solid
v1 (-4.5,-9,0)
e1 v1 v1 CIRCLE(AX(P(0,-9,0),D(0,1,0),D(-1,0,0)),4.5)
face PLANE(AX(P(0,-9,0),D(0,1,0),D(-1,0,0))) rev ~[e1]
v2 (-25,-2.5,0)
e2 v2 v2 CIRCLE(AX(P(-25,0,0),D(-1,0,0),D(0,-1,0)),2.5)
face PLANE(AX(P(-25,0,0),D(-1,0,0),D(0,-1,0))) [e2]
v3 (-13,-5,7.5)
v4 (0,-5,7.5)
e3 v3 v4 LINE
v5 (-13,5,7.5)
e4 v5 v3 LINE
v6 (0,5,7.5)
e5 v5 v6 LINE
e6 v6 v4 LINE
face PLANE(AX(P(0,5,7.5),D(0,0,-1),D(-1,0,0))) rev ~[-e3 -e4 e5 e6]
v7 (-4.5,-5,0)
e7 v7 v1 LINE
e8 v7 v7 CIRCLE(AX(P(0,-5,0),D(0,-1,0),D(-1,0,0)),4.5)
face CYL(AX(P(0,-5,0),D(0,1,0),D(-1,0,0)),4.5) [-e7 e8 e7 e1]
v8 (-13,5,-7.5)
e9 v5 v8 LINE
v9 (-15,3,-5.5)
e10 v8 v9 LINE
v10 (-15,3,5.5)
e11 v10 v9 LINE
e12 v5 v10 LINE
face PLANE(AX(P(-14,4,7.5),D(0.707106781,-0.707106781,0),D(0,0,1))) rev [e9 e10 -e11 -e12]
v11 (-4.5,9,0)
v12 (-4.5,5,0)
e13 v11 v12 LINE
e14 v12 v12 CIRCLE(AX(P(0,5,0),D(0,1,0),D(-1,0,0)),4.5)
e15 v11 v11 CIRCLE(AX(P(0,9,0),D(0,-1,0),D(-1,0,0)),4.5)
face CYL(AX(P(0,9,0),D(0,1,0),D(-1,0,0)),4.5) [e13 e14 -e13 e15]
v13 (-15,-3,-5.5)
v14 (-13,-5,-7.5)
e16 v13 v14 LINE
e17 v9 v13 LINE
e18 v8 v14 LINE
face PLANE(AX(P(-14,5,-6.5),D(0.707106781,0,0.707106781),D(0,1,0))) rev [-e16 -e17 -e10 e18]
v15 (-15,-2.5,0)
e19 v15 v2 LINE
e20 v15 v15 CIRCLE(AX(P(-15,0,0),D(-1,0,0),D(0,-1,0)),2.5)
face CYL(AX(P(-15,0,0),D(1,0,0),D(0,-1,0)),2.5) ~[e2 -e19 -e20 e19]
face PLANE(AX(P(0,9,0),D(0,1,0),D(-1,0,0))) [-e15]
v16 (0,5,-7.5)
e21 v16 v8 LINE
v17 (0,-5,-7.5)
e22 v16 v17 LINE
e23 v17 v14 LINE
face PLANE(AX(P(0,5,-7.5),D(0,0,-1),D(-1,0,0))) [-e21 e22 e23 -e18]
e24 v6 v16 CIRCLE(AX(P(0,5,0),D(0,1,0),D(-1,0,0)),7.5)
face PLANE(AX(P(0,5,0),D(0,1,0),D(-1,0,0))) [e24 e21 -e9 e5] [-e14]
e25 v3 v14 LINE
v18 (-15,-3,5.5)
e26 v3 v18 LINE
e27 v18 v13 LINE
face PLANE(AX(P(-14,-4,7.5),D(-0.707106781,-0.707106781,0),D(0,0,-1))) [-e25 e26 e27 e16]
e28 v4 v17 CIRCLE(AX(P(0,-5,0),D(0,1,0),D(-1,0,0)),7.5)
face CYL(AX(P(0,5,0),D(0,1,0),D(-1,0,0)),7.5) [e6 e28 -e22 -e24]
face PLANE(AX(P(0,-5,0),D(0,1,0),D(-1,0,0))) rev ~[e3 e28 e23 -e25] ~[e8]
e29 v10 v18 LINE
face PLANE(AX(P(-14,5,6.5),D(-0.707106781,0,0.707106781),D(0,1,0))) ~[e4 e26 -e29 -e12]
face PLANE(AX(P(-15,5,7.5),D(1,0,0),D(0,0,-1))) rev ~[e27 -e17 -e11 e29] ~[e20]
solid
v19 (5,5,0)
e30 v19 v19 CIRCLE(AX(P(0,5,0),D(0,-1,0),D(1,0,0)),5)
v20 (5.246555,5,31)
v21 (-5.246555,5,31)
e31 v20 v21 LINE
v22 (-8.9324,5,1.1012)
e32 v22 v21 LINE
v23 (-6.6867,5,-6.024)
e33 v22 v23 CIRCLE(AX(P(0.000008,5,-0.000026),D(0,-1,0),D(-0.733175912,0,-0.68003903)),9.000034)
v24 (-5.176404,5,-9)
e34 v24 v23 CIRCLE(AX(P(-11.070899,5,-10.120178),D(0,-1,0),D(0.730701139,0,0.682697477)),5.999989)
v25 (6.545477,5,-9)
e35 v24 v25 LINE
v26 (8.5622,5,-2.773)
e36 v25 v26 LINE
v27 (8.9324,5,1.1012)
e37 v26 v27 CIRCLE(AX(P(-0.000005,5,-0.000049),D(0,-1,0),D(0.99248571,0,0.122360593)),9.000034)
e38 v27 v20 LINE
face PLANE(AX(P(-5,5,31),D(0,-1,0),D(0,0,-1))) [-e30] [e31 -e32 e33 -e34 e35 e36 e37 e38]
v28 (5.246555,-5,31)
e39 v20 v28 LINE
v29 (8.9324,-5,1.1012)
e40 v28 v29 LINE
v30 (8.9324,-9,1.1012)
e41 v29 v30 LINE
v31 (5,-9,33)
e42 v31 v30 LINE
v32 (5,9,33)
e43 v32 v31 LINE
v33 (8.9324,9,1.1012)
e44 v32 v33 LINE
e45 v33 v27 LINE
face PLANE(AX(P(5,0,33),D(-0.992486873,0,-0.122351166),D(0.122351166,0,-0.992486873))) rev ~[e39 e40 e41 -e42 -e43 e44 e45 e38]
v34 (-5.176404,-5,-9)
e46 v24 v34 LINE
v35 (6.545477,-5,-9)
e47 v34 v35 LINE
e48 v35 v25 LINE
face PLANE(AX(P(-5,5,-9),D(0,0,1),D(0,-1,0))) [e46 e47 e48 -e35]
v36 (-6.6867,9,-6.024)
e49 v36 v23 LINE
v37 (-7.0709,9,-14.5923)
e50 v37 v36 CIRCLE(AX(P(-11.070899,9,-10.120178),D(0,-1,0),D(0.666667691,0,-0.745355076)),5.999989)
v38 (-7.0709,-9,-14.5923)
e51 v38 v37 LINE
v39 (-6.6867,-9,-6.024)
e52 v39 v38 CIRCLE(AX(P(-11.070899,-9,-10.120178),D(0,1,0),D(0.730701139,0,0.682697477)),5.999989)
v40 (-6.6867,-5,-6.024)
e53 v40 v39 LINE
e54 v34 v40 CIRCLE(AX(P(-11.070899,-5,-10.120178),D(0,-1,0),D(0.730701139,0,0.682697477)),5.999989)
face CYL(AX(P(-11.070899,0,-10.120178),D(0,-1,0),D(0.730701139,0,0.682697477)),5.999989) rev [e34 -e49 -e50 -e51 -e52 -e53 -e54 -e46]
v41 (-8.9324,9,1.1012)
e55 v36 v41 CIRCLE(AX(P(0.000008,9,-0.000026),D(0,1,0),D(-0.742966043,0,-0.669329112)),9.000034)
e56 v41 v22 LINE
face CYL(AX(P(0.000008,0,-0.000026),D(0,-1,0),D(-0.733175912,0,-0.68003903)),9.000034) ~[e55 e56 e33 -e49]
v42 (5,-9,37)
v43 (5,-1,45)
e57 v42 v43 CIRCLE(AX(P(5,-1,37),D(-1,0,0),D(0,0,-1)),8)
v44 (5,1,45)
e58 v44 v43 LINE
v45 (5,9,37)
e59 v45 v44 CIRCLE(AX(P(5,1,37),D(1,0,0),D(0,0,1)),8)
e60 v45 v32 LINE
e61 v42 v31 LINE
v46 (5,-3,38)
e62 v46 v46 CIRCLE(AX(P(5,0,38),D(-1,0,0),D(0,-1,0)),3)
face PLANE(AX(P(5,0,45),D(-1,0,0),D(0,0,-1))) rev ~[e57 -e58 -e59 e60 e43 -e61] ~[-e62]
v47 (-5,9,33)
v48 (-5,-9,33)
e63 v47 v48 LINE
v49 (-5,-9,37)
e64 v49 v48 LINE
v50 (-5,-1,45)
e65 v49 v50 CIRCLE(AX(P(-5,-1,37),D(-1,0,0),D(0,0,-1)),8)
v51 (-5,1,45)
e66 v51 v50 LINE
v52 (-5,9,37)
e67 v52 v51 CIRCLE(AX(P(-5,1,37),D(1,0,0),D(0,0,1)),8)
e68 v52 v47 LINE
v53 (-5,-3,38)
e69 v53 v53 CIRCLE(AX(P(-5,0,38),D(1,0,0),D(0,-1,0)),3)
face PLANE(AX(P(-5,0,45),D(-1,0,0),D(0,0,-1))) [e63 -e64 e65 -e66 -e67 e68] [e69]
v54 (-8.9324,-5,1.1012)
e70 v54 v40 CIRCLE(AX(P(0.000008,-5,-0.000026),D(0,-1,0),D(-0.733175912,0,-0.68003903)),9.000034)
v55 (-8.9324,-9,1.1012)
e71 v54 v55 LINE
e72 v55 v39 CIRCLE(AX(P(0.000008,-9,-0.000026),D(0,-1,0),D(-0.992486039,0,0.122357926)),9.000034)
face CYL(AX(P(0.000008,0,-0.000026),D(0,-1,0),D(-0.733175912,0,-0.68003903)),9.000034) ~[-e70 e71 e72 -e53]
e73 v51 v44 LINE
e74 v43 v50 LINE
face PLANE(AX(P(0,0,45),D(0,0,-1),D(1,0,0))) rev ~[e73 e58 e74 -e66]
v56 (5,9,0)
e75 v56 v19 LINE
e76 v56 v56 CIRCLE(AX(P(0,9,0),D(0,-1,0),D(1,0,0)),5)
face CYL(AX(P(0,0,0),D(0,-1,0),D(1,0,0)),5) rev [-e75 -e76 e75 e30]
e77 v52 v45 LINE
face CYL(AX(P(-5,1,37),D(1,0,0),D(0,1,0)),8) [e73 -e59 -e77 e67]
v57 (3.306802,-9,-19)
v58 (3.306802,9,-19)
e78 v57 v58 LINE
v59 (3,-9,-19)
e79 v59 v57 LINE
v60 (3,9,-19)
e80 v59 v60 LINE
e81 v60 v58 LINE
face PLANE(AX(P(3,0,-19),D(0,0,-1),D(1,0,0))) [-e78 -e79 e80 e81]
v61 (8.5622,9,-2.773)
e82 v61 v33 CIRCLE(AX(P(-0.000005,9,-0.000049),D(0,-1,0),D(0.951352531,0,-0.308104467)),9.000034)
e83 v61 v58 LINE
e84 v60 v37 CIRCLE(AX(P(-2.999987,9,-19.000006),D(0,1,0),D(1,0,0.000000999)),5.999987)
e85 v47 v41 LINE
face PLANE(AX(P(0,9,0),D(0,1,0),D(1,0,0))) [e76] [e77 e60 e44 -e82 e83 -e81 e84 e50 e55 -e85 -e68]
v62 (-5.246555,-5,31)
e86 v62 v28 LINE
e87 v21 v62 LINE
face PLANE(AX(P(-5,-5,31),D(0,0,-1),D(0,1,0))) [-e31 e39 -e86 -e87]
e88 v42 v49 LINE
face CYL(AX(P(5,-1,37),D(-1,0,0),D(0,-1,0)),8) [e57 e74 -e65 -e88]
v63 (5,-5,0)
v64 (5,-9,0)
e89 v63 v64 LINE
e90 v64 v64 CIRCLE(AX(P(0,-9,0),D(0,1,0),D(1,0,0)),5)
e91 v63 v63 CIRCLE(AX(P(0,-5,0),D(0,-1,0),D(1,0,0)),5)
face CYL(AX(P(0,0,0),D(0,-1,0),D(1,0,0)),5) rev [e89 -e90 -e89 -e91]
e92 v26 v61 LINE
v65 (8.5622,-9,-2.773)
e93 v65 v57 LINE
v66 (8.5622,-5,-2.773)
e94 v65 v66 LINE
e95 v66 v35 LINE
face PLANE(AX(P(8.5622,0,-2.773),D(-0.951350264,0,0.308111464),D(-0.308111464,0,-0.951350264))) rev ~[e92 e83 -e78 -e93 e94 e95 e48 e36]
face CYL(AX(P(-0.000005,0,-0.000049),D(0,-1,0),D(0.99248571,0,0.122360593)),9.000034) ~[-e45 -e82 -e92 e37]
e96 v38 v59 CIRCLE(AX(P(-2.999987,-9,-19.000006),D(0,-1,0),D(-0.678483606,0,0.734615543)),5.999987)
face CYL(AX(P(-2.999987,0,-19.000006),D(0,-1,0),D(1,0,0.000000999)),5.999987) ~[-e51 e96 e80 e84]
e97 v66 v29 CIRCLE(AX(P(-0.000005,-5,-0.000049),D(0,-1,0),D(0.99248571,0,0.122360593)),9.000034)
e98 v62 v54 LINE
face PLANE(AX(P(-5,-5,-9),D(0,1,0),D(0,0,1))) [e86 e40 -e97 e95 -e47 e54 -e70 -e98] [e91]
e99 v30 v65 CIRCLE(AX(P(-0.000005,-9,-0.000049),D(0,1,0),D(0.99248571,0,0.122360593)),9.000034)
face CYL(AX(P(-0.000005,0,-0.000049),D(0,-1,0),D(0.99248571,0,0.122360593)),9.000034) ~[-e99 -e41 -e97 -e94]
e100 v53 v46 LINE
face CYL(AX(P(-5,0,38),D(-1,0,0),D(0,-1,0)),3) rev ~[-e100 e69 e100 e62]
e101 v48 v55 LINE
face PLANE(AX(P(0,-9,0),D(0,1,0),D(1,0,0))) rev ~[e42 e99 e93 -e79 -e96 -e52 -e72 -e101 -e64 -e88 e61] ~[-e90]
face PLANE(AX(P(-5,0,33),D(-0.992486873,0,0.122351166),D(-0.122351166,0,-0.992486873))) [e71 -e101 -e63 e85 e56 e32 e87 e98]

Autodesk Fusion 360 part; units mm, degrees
sketch "Sketch1" plane through (0, 0, 0) normal (0, 1, 0) x (1, 0, 0)
  circle A0 centre (0, 0) radius 5
  line L0 (0, 0) -> (-14, 0)
  line L1 (-14, 0) -> (-14, -38)
  line L2 (-14, -38) -> (-14, -45)
  line L3 (-14, 0) -> (-14, 19)
  line L4 (-14, 19) -> (8, 19)
  line L5 (0, 0) -> (0, 40)
  line L6 (0, 19) -> (-3, 19)
  line L7 (0, 0) -> (9, 0)
  line L8 (8.5622, 2.773) -> (2.7081, 20.8486)
  line L9 (0, 0) -> (0, -45)
  line L10 (-5, -45) -> (5, -45)
  line L11 (-5, -45) -> (-5, -33)
  line L12 (5, -45) -> (5, -33)
  line L13 (-5, -33) -> (-8.9324, -1.1012)
  line L14 (5, -33) -> (8.9324, -1.1012)
  arc A1 (-6.6867, 6.024) -> (-7.0709, 14.5923) centre (-11.0709, 10.1202) ccw
  arc A2 (3, 19) -> (-7, 14.5279) centre (-3, 19) ccw
  arc A3 (-6.5986, 6.1204) -> (-8.9324, -1.1012) centre (0, 0) ccw
  arc A4 (8.9324, -1.1012) -> (8.5622, 2.773) centre (0, 0) ccw
  dimension "d1" = 10
  dimension "d2" = 7
  dimension "d3" = 38
  dimension "d4" = 19
  dimension "d5" = 12
  dimension "d8" = 10
  dimension "d9" = 12
  dimension "d10" = 12
extrude "Extrude1" add sketch "Sketch1" along normal mid plane 18 contours A0 L7 L9 L10 L12 L14 A4 | A0 L4 L5 L7 L8 A4 | A0 L0 L4 L5 L6 A1 A2 A3 | A0 L0 L9 L10 L11 L13 A3 | L4 L5 A2 | L4 L5 L6 A2 makes body 1
sketch "Sketch2" plane through (-5, 0, 0) normal (-1, 0, 0) x (0, -1, 0)
  line L0 (9, 45) -> (-9, 45)
  line L1 (-9, 45) -> (-9, 33)
  line L2 (-9, 33) -> (9, 33)
  line L3 (9, 33) -> (9, 45)
  line L4 (0, 33) -> (0, 31)
  line L5 (0, 31) -> (-5, 31)
  line L6 (-5, 31) -> (-5, -9)
  line L7 (-5, -9) -> (5, -9)
  line L8 (5, -9) -> (5, 31)
  line L9 (5, 31) -> (0, 31)
  line L10 (0, 45) -> (0, 38)
  circle A0 centre (0, 38) radius 3
  dimension "d14" = 2
  dimension "d15" = 5
  dimension "d16" = 40
  dimension "d17" = 10
  dimension "d20" = 7
  dimension "d21" = 6
extrude "Extrude3" cut sketch "Sketch2" against normal blind 36.418 contours A0 bodies 1
extrude "Extrude2" cut sketch "Sketch2" along normal mid plane 75.984 contours L5 L6 L7 L8 L9 bodies 1
sketch "Sketch3" plane through (0, 9, 0) normal (0, 1, 0) x (-1, 0, 0)
  circle A0 centre (0, 0) radius 5
  line L0 (5, 45) -> (-5, 45)
  line L1 (-5, 45) -> (-5, 33)
  line L2 (-5, 33) -> (-8.9324, 1.1012)
  arc A1 (-8.9324, 1.1012) -> (-8.5622, -2.773) centre (0, 0) ccw
  line L3 (-8.5622, -2.773) -> (-3.3068, -19)
  line L4 (-3.3068, -19) -> (-3, -19)
  arc A2 (-3, -19) -> (7.0709, -14.5923) centre (3, -19) ccw
  arc A3 (6.6867, -6.024) -> (7.0709, -14.5923) centre (11.0709, -10.1202) ccw
  arc A4 (6.6867, -6.024) -> (8.9324, 1.1012) centre (0, 0) ccw
  line L5 (8.9324, 1.1012) -> (5, 33)
  line L6 (5, 33) -> (5, 45)
  circle A5 centre (0, 0) radius 4.5
  circle A6 centre (0, 0) radius 7.5
  line L7 (0, 0) -> (0, -7.5)
  line L8 (0, -7.5) -> (15, -7.5)
  line L9 (0, 0) -> (0, 7.5)
  line L10 (0, 7.5) -> (15, 7.5)
  line L11 (15, 7.5) -> (15, -7.5)
  dimension "d24" = 9
  dimension "d25" = 15
  dimension "d26" = 15
  dimension "d27" = 15
extrude "Extrude4" add sketch "Sketch3" against normal blind 4 separate body contours A5 L7 L9 | A5 L7 L9 makes body 2
extrude "Extrude5" add sketch "Sketch3" against normal blind 10 from surface at -4 separate body contours A0 A5 L7 L9 | A0 A6 L7 L9 | A0 A5 L7 L9 | A0 A6 L7 L9 | A5 L7 L9 | A5 L7 L9 | A3 A4 L5 A6 L8 L10 | A3 A4 L5 L8 L10 L11 makes body 3
extrude "Extrude6" add sketch "Sketch3" against normal blind 4 from surface at -14 contours A5 L7 L9 | A5 L7 L9 bodies 3
combine "Combine1" operation add target body 3 tool bodies 2
chamfer "Chamfer1" distance 2 angle 45 4 edges at (-15, 0, 7.5) (-15, 5, 0) (-15, -5, 0) (-15, 0, -7.5) on bodies 3
sketch "Sketch4" plane through (-15, 0, 0) normal (-1, 0, 0) x (0, -1, 0)
  line L0 (-3, -5.5) -> (3, -5.5)
  line L1 (3, -5.5) -> (3, 5.5)
  line L2 (3, 5.5) -> (-3, 5.5)
  line L3 (-3, 5.5) -> (-3, -5.5)
  circle A0 centre (0, 0) radius 2.5
  dimension "d37" = 5
extrude "Extrude7" add sketch "Sketch4" along normal blind 10 contours A0 bodies 3
fillet "Fillet1" radius 8 2 edges at (0, 9, 45) (0, -9, 45) on bodies 1
